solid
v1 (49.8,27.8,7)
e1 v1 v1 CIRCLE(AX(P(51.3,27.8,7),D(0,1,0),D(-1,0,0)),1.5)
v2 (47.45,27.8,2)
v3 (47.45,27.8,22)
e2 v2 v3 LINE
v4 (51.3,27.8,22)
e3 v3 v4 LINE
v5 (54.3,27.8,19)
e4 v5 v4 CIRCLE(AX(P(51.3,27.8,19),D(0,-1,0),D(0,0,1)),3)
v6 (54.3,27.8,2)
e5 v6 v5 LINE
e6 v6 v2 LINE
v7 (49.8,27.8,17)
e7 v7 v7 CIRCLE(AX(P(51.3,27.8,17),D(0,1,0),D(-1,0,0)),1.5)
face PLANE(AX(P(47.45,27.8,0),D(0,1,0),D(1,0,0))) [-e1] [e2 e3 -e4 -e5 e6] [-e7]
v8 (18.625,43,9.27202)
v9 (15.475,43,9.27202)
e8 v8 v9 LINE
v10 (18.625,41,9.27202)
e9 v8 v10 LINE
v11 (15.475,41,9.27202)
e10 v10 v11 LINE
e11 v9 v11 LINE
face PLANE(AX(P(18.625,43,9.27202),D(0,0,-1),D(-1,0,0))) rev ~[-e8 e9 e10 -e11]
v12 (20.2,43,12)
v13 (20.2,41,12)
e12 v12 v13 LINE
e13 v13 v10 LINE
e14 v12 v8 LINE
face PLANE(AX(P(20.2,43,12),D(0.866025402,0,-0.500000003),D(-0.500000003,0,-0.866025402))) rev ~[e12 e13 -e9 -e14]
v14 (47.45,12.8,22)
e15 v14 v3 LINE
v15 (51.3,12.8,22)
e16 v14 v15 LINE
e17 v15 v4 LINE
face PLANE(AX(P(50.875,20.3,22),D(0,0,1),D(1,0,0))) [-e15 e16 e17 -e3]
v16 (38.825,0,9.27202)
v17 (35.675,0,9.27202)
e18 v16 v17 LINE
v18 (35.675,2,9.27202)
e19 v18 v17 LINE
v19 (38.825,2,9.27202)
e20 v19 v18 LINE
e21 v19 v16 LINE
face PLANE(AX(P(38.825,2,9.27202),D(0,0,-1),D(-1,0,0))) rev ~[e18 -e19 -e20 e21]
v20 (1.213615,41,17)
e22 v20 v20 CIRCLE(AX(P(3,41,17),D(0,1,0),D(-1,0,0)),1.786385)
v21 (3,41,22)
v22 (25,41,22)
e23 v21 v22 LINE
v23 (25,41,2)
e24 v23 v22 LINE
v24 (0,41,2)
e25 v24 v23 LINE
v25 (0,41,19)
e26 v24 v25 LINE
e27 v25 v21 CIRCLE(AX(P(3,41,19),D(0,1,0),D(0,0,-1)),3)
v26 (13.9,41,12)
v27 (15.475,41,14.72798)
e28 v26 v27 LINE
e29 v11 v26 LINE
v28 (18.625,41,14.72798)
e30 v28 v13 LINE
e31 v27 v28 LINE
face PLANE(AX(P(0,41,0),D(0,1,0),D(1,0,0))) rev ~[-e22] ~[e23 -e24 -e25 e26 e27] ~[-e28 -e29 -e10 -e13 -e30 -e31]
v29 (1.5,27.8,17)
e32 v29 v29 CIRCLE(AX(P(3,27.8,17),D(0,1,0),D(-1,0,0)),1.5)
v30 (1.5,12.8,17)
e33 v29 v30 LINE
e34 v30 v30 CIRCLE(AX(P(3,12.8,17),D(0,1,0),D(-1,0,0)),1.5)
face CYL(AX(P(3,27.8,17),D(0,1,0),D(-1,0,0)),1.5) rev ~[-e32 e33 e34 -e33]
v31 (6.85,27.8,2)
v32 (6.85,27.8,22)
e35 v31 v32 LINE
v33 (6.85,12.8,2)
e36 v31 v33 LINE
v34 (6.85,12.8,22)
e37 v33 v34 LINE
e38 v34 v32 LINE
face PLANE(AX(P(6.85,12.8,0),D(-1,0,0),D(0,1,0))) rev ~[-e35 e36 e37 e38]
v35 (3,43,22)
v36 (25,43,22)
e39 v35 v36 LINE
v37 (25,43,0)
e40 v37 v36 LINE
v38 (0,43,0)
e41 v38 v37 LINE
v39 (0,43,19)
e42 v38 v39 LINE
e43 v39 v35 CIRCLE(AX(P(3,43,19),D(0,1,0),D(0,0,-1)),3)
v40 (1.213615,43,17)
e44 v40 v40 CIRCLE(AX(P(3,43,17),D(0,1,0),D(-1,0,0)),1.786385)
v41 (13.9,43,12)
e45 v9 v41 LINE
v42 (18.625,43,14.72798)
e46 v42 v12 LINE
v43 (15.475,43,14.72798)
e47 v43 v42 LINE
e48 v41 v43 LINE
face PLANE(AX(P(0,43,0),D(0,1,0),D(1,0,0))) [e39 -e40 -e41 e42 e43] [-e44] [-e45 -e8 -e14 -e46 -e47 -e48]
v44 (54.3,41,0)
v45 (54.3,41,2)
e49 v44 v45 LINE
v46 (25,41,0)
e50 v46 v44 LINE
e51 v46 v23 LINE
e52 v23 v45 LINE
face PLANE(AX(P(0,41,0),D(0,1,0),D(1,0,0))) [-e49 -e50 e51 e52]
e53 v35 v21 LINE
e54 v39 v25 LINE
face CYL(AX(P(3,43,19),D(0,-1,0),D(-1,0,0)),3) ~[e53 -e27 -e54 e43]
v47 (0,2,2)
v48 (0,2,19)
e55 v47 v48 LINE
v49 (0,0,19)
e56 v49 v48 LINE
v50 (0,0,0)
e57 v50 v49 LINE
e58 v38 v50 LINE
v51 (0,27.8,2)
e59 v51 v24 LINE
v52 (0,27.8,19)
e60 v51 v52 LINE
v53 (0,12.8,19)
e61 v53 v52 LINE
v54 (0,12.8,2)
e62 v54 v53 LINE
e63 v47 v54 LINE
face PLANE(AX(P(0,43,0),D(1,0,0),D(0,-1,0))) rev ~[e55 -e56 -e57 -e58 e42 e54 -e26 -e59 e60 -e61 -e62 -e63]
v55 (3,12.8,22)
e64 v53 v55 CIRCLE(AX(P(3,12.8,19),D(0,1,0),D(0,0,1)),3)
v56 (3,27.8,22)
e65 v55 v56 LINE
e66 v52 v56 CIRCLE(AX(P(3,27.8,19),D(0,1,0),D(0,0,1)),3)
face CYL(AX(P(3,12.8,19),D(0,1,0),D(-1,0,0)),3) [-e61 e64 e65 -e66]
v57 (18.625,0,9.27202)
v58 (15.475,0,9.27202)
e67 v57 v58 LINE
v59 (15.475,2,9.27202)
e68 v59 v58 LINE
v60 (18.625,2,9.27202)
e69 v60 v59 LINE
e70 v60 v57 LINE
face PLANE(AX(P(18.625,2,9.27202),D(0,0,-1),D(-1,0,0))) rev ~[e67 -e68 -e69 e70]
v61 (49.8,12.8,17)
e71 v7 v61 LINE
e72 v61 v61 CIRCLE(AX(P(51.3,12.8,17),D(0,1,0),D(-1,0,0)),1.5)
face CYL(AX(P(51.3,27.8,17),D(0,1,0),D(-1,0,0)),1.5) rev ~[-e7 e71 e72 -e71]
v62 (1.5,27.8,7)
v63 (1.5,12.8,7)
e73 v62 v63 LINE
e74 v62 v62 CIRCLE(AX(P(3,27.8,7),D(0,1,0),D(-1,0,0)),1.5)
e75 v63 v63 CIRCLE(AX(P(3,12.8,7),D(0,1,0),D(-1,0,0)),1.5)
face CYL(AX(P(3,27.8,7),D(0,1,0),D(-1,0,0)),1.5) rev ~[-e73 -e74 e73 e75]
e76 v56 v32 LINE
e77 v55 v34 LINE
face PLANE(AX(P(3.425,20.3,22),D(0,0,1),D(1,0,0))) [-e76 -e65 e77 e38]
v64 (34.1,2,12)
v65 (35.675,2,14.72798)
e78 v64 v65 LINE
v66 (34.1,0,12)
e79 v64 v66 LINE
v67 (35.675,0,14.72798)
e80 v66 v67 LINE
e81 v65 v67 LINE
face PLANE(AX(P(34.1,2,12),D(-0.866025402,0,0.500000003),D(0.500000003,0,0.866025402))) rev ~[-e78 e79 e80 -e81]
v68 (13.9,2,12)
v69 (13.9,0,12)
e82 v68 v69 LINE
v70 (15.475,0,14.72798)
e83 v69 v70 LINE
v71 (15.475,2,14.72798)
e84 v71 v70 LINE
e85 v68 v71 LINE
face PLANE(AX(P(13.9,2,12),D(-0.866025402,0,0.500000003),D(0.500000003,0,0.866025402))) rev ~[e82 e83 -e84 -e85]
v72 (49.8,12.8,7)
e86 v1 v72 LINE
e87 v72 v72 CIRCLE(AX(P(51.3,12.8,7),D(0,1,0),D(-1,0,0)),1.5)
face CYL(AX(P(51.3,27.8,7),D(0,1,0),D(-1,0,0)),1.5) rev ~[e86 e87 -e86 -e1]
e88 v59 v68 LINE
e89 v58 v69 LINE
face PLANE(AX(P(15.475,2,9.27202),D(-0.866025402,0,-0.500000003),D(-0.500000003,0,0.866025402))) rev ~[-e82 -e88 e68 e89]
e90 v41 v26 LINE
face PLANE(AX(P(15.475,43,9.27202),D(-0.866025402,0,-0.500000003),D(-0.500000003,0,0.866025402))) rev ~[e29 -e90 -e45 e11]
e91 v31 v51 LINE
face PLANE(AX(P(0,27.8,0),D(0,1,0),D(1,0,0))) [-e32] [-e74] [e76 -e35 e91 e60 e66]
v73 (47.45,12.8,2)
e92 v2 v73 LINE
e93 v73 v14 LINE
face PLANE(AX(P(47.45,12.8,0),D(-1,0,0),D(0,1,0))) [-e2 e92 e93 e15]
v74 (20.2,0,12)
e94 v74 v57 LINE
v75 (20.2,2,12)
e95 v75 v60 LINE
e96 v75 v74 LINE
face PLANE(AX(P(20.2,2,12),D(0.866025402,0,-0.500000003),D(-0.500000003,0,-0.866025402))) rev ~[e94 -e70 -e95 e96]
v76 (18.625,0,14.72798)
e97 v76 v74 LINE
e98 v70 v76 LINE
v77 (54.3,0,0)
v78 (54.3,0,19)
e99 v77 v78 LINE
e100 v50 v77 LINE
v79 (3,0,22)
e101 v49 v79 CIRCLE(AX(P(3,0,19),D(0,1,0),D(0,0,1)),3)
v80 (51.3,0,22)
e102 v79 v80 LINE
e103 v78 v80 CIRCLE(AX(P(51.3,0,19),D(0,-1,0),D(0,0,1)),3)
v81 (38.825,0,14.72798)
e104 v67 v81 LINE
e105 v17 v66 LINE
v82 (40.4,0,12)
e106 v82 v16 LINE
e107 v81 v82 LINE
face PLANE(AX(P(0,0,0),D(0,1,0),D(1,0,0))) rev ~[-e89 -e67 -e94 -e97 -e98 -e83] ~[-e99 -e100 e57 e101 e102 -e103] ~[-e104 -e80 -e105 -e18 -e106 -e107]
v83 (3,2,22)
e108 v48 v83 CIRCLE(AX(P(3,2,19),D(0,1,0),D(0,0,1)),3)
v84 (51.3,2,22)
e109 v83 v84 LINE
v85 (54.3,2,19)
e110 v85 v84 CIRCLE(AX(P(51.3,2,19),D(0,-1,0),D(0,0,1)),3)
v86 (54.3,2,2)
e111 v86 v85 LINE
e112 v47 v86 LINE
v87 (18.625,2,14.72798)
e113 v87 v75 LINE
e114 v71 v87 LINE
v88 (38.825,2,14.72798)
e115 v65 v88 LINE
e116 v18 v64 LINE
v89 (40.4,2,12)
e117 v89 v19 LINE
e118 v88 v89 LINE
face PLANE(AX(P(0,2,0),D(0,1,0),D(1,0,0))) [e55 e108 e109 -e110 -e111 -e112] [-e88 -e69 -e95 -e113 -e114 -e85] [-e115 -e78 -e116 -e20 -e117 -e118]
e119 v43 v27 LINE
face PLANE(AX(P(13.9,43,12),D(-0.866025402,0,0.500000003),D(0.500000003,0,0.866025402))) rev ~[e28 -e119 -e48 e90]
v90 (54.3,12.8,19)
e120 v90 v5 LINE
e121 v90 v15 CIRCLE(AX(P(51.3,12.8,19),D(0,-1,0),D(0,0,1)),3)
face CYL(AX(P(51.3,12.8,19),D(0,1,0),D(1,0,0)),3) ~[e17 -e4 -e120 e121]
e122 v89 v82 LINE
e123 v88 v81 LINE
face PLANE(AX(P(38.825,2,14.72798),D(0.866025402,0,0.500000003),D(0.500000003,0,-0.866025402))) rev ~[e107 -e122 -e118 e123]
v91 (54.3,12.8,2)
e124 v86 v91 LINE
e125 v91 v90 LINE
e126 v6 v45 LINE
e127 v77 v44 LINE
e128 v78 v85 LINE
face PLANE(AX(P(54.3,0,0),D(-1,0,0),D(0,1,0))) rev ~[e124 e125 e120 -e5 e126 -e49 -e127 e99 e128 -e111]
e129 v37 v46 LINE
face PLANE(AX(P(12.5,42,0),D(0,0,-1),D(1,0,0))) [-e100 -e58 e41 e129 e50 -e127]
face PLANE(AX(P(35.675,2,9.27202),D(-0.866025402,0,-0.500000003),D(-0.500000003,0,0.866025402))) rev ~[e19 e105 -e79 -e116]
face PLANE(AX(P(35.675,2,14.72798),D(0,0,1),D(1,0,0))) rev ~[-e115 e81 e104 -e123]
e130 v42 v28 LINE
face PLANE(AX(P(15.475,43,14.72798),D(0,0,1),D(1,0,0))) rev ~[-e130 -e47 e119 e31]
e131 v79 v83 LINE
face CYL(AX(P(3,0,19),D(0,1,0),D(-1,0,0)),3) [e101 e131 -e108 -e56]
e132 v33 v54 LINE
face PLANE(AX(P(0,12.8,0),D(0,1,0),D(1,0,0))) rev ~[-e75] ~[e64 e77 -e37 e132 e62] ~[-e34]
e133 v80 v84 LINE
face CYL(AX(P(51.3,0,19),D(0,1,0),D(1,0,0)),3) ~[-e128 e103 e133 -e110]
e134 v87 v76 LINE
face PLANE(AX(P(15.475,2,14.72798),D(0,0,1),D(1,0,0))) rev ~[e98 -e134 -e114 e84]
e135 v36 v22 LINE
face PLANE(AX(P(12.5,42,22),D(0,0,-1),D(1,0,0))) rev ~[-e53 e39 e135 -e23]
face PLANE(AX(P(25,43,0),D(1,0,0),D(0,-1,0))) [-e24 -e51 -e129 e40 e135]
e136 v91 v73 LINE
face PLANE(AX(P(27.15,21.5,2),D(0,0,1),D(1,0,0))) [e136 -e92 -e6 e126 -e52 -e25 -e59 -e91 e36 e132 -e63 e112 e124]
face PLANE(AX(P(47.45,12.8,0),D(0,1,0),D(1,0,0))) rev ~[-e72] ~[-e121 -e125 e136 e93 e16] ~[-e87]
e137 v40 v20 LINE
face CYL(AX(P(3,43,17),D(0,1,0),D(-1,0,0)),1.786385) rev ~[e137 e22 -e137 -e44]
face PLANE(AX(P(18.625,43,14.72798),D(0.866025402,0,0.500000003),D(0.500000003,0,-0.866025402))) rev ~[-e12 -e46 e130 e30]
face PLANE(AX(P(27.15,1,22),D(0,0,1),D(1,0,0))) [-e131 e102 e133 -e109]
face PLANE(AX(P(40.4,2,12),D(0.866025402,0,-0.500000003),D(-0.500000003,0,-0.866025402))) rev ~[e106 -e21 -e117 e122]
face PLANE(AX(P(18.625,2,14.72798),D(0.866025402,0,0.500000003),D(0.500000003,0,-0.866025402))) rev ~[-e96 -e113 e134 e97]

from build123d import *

# Parameters (mm, degrees)
SKETCH_W        = 54.3
SKETCH_H        = 39
PAD_DEPTH       = 2
SKETCH001_W     = 54.3
SKETCH001_H     = 2
PAD001_DEPTH    = 22
SKETCH003_W     = 6.85
SKETCH003_H     = 15
PAD003_DEPTH    = 22
SKETCH004_R     = 1.5
POCKET_DEPTH    = 15
SKETCH005_W     = 6.85
SKETCH005_H     = 15
PAD004_DEPTH    = 22
SKETCH006_R     = 1.5
POCKET001_DEPTH = 15
SKETCH007_W     = 25
SKETCH007_H     = 2
PAD005_DEPTH    = 22
POCKET002_DEPTH = 2.5
POCKET003_DEPTH = 5
FILLET_R        = 3
FILLET001_R     = 3
FILLET002_R     = 3
FILLET003_R     = 3
FILLET004_R     = 3
SKETCH010_R     = 1.786385
POCKET004_DEPTH = 5


with BuildPart() as part:
    # Sketch → Pad (new body)
    with BuildSketch(Plane.XY):
        with Locations((27.15, 21.5)):
            Rectangle(SKETCH_W, SKETCH_H)
    extrude(amount=PAD_DEPTH)

    # Sketch001 → Pad001 (join)
    with BuildSketch(Plane.XY):
        with Locations((27.15, 1)):
            Rectangle(SKETCH001_W, SKETCH001_H)
    extrude(amount=PAD001_DEPTH)

    # Sketch003 → Pad003 (join)
    with BuildSketch(Plane.XY):
        with Locations((3.425, 20.3)):
            Rectangle(SKETCH003_W, SKETCH003_H)
    extrude(amount=PAD003_DEPTH)

    # Sketch004 (on Face14 of Pad003) → Pocket (cut)
    with BuildSketch(Plane(origin=(0, 27.8, 0), x_dir=(-1, 0, 0), z_dir=(0, 1, 0))):
        with Locations((-3, 17)):
            Circle(SKETCH004_R)
        with Locations((-3, 7)):
            Circle(SKETCH004_R)
    extrude(amount=-POCKET_DEPTH, mode=Mode.SUBTRACT)

    # Sketch005 → Pad004 (join)
    with BuildSketch(Plane.XY):
        with Locations((50.875, 20.3)):
            Rectangle(SKETCH005_W, SKETCH005_H)
    extrude(amount=PAD004_DEPTH)

    # Sketch006 (on Face13 of Pad004) → Pocket001 (cut)
    with BuildSketch(Plane(origin=(0, 27.8, 0), x_dir=(-1, 0, 0), z_dir=(0, 1, 0))):
        with Locations((-51.3, 17)):
            Circle(SKETCH006_R)
        with Locations((-51.3, 7)):
            Circle(SKETCH006_R)
    extrude(amount=-POCKET001_DEPTH, mode=Mode.SUBTRACT)

    # Sketch007 (on Face4 of Pocket001) → Pad005 (join)
    with BuildSketch(Plane(origin=(0, 0, 0), x_dir=(1, 0, 0), z_dir=(0, 0, -1))):
        with Locations((12.5, -42)):
            Rectangle(SKETCH007_W, SKETCH007_H)
    extrude(amount=-PAD005_DEPTH)

    # Sketch008 (on Face18 of Pad005) → Pocket002 (cut)
    with BuildSketch(Plane(origin=(0, 2, 0), x_dir=(-1, 0, 0), z_dir=(0, 1, 0))):
        Polygon((-34.1, 12), (-35.675, 14.72798), (-38.825, 14.72798), (-40.4, 12), (-38.825, 9.27202), (-35.675, 9.27202), align=None)
        Polygon((-15.475, 14.72798), (-18.625, 14.72798), (-20.2, 12), (-18.625, 9.27202), (-15.475, 9.27202), (-13.9, 12), align=None)
    extrude(amount=-POCKET002_DEPTH, mode=Mode.SUBTRACT)

    # Sketch009 (on Face22 of Pocket002) → Pocket003 (cut)
    with BuildSketch(Plane(origin=(0, 43, 0), x_dir=(-1, 0, 0), z_dir=(0, 1, 0))):
        Polygon((-13.9, 12), (-15.475, 14.72798), (-18.625, 14.72798), (-20.2, 12), (-18.625, 9.27202), (-15.475, 9.27202), align=None)
    extrude(amount=-POCKET003_DEPTH, mode=Mode.SUBTRACT)

    # Fillet
    fillet_edges = [part.edges().sort_by_distance(p)[0] for p in [
        (0, 42, 22),
    ]]
    fillet(fillet_edges, radius=FILLET_R)

    # Fillet001
    fillet001_edges = [part.edges().sort_by_distance(p)[0] for p in [
        (0, 1, 22),
    ]]
    fillet(fillet001_edges, radius=FILLET001_R)

    # Fillet002
    fillet002_edges = [part.edges().sort_by_distance(p)[0] for p in [
        (0, 20.3, 22),
    ]]
    fillet(fillet002_edges, radius=FILLET002_R)

    # Fillet003
    fillet003_edges = [part.edges().sort_by_distance(p)[0] for p in [
        (54.3, 1, 22),
    ]]
    fillet(fillet003_edges, radius=FILLET003_R)

    # Fillet004
    fillet004_edges = [part.edges().sort_by_distance(p)[0] for p in [
        (54.3, 20.3, 22),
    ]]
    fillet(fillet004_edges, radius=FILLET004_R)

    # Sketch010 (on Face56 of Fillet004) → Pocket004 (cut)
    with BuildSketch(Plane(origin=(0, 43, 0), x_dir=(-1, 0, 0), z_dir=(0, 1, 0))):
        with Locations((-3, 17)):
            Circle(SKETCH010_R)
    extrude(amount=-POCKET004_DEPTH, mode=Mode.SUBTRACT)


solid = part.part
